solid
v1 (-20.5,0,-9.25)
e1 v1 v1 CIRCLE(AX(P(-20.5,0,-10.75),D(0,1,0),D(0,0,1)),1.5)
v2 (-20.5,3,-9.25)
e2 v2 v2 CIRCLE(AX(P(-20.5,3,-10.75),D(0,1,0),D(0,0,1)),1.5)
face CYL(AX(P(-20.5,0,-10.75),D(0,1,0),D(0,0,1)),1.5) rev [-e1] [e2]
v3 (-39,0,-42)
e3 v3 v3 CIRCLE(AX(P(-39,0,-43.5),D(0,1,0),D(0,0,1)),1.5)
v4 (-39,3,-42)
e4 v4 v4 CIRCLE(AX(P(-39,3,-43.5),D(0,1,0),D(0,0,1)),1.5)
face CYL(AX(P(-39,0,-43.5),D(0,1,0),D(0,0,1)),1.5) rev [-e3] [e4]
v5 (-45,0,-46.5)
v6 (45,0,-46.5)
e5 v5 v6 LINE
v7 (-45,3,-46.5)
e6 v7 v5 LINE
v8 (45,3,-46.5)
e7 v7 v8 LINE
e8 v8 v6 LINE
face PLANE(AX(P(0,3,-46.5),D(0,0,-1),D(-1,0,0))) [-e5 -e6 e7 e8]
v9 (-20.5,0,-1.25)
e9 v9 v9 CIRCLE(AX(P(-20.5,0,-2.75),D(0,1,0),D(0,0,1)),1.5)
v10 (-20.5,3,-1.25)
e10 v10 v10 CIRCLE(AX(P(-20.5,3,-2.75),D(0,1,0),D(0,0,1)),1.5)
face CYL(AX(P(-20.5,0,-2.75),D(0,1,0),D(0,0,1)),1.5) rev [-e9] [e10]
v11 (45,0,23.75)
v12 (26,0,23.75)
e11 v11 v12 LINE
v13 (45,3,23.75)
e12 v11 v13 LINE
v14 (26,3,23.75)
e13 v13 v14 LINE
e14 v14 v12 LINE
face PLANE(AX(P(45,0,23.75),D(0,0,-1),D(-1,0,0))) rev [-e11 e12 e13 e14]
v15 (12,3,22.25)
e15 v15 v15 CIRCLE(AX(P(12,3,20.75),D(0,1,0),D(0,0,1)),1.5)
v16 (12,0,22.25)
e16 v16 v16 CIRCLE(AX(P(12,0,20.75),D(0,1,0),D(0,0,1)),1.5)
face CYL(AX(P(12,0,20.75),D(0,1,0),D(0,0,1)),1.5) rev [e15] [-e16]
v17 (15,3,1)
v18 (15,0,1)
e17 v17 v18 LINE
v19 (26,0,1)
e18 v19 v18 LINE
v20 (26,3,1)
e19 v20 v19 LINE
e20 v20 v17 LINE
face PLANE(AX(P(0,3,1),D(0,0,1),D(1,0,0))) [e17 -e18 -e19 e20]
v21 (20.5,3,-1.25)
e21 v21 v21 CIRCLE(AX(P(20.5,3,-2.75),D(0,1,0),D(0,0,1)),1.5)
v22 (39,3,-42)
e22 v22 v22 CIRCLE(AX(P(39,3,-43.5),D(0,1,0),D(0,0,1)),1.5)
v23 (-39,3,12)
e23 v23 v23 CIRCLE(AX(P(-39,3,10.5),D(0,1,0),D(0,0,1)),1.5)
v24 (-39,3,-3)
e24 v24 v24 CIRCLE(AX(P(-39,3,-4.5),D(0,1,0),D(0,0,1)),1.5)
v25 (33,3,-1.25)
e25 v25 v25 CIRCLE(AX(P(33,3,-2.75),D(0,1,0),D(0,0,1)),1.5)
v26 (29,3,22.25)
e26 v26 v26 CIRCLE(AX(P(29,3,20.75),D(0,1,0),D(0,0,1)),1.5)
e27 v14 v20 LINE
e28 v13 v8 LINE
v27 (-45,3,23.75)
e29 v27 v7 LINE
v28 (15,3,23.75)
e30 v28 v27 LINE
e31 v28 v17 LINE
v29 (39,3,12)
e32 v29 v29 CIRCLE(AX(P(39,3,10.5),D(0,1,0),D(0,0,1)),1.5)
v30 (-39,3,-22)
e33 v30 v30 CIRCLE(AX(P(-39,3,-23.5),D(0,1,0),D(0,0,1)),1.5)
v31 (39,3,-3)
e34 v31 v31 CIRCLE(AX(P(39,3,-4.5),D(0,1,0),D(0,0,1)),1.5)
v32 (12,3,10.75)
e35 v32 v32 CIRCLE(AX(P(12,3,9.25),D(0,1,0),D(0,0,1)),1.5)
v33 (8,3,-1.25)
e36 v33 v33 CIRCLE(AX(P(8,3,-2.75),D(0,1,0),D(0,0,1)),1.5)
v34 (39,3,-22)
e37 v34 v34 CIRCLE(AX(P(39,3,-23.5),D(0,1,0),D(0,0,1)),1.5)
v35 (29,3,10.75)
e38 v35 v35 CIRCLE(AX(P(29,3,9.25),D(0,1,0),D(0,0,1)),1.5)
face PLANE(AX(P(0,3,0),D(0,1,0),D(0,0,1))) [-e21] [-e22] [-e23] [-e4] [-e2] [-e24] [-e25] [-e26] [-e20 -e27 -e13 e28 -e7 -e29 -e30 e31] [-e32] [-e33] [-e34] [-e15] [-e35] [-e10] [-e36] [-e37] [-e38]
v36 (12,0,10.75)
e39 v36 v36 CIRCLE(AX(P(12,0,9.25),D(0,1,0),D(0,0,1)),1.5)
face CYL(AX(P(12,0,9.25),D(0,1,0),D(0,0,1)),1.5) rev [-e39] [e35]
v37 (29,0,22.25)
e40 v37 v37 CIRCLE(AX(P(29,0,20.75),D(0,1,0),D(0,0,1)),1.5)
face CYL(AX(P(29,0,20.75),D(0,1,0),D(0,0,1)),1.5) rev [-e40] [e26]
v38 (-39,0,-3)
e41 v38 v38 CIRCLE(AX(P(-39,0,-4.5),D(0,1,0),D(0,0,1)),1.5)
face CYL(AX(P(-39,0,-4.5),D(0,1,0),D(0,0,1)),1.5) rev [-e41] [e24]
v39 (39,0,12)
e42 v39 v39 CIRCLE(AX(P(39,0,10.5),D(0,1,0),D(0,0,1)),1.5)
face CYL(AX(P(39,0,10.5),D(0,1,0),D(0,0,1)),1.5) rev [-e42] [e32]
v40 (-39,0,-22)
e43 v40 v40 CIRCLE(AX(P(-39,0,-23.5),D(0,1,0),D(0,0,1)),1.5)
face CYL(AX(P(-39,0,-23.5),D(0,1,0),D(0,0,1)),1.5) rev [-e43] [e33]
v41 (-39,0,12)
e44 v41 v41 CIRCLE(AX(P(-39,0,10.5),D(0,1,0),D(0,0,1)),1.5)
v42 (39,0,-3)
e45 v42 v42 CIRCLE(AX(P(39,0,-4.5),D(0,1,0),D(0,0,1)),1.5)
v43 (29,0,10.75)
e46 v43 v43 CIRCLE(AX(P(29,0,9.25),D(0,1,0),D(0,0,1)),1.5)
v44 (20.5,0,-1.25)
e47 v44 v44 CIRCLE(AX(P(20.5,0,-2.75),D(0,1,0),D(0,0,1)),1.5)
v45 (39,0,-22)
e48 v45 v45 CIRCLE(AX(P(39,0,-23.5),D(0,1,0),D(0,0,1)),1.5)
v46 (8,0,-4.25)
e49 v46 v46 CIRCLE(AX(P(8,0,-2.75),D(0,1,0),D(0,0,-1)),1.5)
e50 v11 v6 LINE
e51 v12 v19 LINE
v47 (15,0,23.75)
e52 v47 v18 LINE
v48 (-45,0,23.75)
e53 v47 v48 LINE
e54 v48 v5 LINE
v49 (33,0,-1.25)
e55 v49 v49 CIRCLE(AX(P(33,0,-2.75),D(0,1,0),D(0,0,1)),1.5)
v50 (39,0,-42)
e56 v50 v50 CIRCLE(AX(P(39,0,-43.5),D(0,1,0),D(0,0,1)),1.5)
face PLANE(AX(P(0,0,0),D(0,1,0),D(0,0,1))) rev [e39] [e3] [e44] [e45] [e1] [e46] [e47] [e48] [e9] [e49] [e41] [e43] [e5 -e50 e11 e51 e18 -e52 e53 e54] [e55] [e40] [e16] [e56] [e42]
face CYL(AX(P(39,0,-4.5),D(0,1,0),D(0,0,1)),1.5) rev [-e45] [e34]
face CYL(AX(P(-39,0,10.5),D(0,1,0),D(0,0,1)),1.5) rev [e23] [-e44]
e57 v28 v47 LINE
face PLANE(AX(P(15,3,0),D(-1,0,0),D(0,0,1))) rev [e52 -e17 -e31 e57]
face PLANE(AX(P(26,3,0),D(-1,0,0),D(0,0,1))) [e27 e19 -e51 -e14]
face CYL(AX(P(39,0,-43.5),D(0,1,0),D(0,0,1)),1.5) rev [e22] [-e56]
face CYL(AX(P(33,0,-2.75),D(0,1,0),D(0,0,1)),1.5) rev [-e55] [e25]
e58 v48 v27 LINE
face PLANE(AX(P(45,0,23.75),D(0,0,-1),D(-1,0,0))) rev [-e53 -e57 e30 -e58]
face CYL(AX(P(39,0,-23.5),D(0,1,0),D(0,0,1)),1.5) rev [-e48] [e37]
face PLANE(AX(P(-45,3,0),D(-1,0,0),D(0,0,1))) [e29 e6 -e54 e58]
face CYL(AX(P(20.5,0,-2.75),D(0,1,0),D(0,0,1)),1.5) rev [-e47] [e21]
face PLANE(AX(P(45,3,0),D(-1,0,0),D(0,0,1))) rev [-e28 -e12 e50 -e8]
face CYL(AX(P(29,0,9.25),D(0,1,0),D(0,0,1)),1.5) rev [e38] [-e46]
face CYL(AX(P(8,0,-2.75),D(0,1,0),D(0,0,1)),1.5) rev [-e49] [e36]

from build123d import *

# Parameters (mm, degrees)
BOSS_EXTRUDE1_DEPTH     = 3
SKETCH2_R               = 1.5
CUT_EXTRUDE1_DEPTH      = 65.778468645
SKETCH3_R               = 1.5
CUT_EXTRUDE2_DEPTH      = 65.778468645
SKETCH4_R               = 1.5
CUT_EXTRUDE3_DEPTH      = 65.778468645
SKETCH5_W               = 90
SKETCH5_H               = 22.75
CUT_EXTRUDE4_DEPTH      = 65.778468645
CUT_EXTRUDE5_DEPTH      = 65.778468645
CUT_EXTRUDE5_DEPTH_BACK = 65.778468645
SKETCH6_R               = 1.5
SKETCH7_R               = 1.5
CUT_EXTRUDE6_DEPTH      = 65.778468645
SKETCH8_R               = 1.5
CUT_EXTRUDE7_DEPTH      = 65.778468645
SKETCH9_R               = 1.5
CUT_EXTRUDE8_DEPTH      = 65.778468645


with BuildPart() as part:
    # Sketch1 → Boss-Extrude1 (new body)
    with BuildSketch(Plane(origin=(0, 0, 0), x_dir=(1, 0, 0), z_dir=(0, 1, 0))):
        Polygon((-45, 46.5), (-45, -46.5), (15, -46.5), (15, -1), (26, -1), (26, -46.5), (45, -46.5), (45, 46.5), align=None)
    extrude(amount=BOSS_EXTRUDE1_DEPTH)

    # Sketch2 → Cut-Extrude1 (cut, through all)
    with BuildSketch(Plane(origin=(0, 3, 0), x_dir=(1, 0, 0), z_dir=(0, 1, 0))):
        with Locations(Location((39, 4.5, 0), (0, 0, 270))):
            Circle(SKETCH2_R)
        with Locations(Location((39, -10.5, 0), (0, 0, 270))):
            Circle(SKETCH2_R)
        with Locations(Location((-39, 4.5, 0), (0, 0, 270))):
            Circle(SKETCH2_R)
        with Locations(Location((-39, -10.5, 0), (0, 0, 270))):
            Circle(SKETCH2_R)
    extrude(amount=-CUT_EXTRUDE1_DEPTH, mode=Mode.SUBTRACT)

    # Sketch3 → Cut-Extrude2 (cut, through all)
    with BuildSketch(Plane(origin=(0, 3, 0), x_dir=(1, 0, 0), z_dir=(0, 1, 0))):
        with Locations(Location((29, -20.75, 0), (0, 0, 270))):
            Circle(SKETCH3_R)
        with Locations(Location((12, -20.75, 0), (0, 0, 270))):
            Circle(SKETCH3_R)
    extrude(amount=-CUT_EXTRUDE2_DEPTH, mode=Mode.SUBTRACT)

    # Sketch4 → Cut-Extrude3 (cut, through all)
    with BuildSketch(Plane(origin=(0, 3, 0), x_dir=(1, 0, 0), z_dir=(0, 1, 0))):
        with Locations(Location((12, -9.25, 0), (0, 0, 270))):
            Circle(SKETCH4_R)
        with Locations(Location((29, -9.25, 0), (0, 0, 270))):
            Circle(SKETCH4_R)
    extrude(amount=-CUT_EXTRUDE3_DEPTH, mode=Mode.SUBTRACT)

    # Sketch5 → Cut-Extrude4 (cut, through all)
    with BuildSketch(Plane(origin=(0, 3, 0), x_dir=(1, 0, 0), z_dir=(0, 1, 0))):
        with Locations((0, -35.125)):
            Rectangle(SKETCH5_W, SKETCH5_H)
    extrude(amount=-CUT_EXTRUDE4_DEPTH, mode=Mode.SUBTRACT)

    # Sketch6 → Cut-Extrude5 (cut, two sides: drawn at the far end of the back side and taken through both)
    with BuildSketch(Plane(origin=(0, 3, 0), x_dir=(1, 0, 0), z_dir=(0, 1, 0)).offset(-CUT_EXTRUDE5_DEPTH_BACK)):
        with Locations(Location((20.5, 2.75, 0), (0, 0, 270))):
            Circle(SKETCH6_R)
        with Locations(Location((33, 2.75, 0), (0, 0, 270))):
            Circle(SKETCH6_R)
        with Locations(Location((8, 2.75, 0), (0, 0, 270))):
            Circle(SKETCH6_R)
    extrude(amount=CUT_EXTRUDE5_DEPTH + CUT_EXTRUDE5_DEPTH_BACK, mode=Mode.SUBTRACT)

    # Sketch7 → Cut-Extrude6 (cut, through all)
    with BuildSketch(Plane(origin=(0, 3, 0), x_dir=(1, 0, 0), z_dir=(0, 1, 0))):
        with Locations(Location((-39, 23.5, 0), (0, 0, 270))):
            Circle(SKETCH7_R)
        with Locations(Location((39, 23.5, 0), (0, 0, 270))):
            Circle(SKETCH7_R)
    extrude(amount=-CUT_EXTRUDE6_DEPTH, mode=Mode.SUBTRACT)

    # Sketch8 → Cut-Extrude7 (cut, through all)
    with BuildSketch(Plane(origin=(0, 3, 0), x_dir=(1, 0, 0), z_dir=(0, 1, 0))):
        with Locations(Location((-39, 43.5, 0), (0, 0, 270))):
            Circle(SKETCH8_R)
        with Locations(Location((39, 43.5, 0), (0, 0, 270))):
            Circle(SKETCH8_R)
    extrude(amount=-CUT_EXTRUDE7_DEPTH, mode=Mode.SUBTRACT)

    # Sketch9 → Cut-Extrude8 (cut, through all)
    with BuildSketch(Plane(origin=(0, 3, 0), x_dir=(1, 0, 0), z_dir=(0, 1, 0))):
        with Locations(Location((-20.5, 2.75, 0), (0, 0, 270))):
            Circle(SKETCH9_R)
        with Locations(Location((-20.5, 10.75, 0), (0, 0, 270))):
            Circle(SKETCH9_R)
    extrude(amount=-CUT_EXTRUDE8_DEPTH, mode=Mode.SUBTRACT)


solid = part.part
